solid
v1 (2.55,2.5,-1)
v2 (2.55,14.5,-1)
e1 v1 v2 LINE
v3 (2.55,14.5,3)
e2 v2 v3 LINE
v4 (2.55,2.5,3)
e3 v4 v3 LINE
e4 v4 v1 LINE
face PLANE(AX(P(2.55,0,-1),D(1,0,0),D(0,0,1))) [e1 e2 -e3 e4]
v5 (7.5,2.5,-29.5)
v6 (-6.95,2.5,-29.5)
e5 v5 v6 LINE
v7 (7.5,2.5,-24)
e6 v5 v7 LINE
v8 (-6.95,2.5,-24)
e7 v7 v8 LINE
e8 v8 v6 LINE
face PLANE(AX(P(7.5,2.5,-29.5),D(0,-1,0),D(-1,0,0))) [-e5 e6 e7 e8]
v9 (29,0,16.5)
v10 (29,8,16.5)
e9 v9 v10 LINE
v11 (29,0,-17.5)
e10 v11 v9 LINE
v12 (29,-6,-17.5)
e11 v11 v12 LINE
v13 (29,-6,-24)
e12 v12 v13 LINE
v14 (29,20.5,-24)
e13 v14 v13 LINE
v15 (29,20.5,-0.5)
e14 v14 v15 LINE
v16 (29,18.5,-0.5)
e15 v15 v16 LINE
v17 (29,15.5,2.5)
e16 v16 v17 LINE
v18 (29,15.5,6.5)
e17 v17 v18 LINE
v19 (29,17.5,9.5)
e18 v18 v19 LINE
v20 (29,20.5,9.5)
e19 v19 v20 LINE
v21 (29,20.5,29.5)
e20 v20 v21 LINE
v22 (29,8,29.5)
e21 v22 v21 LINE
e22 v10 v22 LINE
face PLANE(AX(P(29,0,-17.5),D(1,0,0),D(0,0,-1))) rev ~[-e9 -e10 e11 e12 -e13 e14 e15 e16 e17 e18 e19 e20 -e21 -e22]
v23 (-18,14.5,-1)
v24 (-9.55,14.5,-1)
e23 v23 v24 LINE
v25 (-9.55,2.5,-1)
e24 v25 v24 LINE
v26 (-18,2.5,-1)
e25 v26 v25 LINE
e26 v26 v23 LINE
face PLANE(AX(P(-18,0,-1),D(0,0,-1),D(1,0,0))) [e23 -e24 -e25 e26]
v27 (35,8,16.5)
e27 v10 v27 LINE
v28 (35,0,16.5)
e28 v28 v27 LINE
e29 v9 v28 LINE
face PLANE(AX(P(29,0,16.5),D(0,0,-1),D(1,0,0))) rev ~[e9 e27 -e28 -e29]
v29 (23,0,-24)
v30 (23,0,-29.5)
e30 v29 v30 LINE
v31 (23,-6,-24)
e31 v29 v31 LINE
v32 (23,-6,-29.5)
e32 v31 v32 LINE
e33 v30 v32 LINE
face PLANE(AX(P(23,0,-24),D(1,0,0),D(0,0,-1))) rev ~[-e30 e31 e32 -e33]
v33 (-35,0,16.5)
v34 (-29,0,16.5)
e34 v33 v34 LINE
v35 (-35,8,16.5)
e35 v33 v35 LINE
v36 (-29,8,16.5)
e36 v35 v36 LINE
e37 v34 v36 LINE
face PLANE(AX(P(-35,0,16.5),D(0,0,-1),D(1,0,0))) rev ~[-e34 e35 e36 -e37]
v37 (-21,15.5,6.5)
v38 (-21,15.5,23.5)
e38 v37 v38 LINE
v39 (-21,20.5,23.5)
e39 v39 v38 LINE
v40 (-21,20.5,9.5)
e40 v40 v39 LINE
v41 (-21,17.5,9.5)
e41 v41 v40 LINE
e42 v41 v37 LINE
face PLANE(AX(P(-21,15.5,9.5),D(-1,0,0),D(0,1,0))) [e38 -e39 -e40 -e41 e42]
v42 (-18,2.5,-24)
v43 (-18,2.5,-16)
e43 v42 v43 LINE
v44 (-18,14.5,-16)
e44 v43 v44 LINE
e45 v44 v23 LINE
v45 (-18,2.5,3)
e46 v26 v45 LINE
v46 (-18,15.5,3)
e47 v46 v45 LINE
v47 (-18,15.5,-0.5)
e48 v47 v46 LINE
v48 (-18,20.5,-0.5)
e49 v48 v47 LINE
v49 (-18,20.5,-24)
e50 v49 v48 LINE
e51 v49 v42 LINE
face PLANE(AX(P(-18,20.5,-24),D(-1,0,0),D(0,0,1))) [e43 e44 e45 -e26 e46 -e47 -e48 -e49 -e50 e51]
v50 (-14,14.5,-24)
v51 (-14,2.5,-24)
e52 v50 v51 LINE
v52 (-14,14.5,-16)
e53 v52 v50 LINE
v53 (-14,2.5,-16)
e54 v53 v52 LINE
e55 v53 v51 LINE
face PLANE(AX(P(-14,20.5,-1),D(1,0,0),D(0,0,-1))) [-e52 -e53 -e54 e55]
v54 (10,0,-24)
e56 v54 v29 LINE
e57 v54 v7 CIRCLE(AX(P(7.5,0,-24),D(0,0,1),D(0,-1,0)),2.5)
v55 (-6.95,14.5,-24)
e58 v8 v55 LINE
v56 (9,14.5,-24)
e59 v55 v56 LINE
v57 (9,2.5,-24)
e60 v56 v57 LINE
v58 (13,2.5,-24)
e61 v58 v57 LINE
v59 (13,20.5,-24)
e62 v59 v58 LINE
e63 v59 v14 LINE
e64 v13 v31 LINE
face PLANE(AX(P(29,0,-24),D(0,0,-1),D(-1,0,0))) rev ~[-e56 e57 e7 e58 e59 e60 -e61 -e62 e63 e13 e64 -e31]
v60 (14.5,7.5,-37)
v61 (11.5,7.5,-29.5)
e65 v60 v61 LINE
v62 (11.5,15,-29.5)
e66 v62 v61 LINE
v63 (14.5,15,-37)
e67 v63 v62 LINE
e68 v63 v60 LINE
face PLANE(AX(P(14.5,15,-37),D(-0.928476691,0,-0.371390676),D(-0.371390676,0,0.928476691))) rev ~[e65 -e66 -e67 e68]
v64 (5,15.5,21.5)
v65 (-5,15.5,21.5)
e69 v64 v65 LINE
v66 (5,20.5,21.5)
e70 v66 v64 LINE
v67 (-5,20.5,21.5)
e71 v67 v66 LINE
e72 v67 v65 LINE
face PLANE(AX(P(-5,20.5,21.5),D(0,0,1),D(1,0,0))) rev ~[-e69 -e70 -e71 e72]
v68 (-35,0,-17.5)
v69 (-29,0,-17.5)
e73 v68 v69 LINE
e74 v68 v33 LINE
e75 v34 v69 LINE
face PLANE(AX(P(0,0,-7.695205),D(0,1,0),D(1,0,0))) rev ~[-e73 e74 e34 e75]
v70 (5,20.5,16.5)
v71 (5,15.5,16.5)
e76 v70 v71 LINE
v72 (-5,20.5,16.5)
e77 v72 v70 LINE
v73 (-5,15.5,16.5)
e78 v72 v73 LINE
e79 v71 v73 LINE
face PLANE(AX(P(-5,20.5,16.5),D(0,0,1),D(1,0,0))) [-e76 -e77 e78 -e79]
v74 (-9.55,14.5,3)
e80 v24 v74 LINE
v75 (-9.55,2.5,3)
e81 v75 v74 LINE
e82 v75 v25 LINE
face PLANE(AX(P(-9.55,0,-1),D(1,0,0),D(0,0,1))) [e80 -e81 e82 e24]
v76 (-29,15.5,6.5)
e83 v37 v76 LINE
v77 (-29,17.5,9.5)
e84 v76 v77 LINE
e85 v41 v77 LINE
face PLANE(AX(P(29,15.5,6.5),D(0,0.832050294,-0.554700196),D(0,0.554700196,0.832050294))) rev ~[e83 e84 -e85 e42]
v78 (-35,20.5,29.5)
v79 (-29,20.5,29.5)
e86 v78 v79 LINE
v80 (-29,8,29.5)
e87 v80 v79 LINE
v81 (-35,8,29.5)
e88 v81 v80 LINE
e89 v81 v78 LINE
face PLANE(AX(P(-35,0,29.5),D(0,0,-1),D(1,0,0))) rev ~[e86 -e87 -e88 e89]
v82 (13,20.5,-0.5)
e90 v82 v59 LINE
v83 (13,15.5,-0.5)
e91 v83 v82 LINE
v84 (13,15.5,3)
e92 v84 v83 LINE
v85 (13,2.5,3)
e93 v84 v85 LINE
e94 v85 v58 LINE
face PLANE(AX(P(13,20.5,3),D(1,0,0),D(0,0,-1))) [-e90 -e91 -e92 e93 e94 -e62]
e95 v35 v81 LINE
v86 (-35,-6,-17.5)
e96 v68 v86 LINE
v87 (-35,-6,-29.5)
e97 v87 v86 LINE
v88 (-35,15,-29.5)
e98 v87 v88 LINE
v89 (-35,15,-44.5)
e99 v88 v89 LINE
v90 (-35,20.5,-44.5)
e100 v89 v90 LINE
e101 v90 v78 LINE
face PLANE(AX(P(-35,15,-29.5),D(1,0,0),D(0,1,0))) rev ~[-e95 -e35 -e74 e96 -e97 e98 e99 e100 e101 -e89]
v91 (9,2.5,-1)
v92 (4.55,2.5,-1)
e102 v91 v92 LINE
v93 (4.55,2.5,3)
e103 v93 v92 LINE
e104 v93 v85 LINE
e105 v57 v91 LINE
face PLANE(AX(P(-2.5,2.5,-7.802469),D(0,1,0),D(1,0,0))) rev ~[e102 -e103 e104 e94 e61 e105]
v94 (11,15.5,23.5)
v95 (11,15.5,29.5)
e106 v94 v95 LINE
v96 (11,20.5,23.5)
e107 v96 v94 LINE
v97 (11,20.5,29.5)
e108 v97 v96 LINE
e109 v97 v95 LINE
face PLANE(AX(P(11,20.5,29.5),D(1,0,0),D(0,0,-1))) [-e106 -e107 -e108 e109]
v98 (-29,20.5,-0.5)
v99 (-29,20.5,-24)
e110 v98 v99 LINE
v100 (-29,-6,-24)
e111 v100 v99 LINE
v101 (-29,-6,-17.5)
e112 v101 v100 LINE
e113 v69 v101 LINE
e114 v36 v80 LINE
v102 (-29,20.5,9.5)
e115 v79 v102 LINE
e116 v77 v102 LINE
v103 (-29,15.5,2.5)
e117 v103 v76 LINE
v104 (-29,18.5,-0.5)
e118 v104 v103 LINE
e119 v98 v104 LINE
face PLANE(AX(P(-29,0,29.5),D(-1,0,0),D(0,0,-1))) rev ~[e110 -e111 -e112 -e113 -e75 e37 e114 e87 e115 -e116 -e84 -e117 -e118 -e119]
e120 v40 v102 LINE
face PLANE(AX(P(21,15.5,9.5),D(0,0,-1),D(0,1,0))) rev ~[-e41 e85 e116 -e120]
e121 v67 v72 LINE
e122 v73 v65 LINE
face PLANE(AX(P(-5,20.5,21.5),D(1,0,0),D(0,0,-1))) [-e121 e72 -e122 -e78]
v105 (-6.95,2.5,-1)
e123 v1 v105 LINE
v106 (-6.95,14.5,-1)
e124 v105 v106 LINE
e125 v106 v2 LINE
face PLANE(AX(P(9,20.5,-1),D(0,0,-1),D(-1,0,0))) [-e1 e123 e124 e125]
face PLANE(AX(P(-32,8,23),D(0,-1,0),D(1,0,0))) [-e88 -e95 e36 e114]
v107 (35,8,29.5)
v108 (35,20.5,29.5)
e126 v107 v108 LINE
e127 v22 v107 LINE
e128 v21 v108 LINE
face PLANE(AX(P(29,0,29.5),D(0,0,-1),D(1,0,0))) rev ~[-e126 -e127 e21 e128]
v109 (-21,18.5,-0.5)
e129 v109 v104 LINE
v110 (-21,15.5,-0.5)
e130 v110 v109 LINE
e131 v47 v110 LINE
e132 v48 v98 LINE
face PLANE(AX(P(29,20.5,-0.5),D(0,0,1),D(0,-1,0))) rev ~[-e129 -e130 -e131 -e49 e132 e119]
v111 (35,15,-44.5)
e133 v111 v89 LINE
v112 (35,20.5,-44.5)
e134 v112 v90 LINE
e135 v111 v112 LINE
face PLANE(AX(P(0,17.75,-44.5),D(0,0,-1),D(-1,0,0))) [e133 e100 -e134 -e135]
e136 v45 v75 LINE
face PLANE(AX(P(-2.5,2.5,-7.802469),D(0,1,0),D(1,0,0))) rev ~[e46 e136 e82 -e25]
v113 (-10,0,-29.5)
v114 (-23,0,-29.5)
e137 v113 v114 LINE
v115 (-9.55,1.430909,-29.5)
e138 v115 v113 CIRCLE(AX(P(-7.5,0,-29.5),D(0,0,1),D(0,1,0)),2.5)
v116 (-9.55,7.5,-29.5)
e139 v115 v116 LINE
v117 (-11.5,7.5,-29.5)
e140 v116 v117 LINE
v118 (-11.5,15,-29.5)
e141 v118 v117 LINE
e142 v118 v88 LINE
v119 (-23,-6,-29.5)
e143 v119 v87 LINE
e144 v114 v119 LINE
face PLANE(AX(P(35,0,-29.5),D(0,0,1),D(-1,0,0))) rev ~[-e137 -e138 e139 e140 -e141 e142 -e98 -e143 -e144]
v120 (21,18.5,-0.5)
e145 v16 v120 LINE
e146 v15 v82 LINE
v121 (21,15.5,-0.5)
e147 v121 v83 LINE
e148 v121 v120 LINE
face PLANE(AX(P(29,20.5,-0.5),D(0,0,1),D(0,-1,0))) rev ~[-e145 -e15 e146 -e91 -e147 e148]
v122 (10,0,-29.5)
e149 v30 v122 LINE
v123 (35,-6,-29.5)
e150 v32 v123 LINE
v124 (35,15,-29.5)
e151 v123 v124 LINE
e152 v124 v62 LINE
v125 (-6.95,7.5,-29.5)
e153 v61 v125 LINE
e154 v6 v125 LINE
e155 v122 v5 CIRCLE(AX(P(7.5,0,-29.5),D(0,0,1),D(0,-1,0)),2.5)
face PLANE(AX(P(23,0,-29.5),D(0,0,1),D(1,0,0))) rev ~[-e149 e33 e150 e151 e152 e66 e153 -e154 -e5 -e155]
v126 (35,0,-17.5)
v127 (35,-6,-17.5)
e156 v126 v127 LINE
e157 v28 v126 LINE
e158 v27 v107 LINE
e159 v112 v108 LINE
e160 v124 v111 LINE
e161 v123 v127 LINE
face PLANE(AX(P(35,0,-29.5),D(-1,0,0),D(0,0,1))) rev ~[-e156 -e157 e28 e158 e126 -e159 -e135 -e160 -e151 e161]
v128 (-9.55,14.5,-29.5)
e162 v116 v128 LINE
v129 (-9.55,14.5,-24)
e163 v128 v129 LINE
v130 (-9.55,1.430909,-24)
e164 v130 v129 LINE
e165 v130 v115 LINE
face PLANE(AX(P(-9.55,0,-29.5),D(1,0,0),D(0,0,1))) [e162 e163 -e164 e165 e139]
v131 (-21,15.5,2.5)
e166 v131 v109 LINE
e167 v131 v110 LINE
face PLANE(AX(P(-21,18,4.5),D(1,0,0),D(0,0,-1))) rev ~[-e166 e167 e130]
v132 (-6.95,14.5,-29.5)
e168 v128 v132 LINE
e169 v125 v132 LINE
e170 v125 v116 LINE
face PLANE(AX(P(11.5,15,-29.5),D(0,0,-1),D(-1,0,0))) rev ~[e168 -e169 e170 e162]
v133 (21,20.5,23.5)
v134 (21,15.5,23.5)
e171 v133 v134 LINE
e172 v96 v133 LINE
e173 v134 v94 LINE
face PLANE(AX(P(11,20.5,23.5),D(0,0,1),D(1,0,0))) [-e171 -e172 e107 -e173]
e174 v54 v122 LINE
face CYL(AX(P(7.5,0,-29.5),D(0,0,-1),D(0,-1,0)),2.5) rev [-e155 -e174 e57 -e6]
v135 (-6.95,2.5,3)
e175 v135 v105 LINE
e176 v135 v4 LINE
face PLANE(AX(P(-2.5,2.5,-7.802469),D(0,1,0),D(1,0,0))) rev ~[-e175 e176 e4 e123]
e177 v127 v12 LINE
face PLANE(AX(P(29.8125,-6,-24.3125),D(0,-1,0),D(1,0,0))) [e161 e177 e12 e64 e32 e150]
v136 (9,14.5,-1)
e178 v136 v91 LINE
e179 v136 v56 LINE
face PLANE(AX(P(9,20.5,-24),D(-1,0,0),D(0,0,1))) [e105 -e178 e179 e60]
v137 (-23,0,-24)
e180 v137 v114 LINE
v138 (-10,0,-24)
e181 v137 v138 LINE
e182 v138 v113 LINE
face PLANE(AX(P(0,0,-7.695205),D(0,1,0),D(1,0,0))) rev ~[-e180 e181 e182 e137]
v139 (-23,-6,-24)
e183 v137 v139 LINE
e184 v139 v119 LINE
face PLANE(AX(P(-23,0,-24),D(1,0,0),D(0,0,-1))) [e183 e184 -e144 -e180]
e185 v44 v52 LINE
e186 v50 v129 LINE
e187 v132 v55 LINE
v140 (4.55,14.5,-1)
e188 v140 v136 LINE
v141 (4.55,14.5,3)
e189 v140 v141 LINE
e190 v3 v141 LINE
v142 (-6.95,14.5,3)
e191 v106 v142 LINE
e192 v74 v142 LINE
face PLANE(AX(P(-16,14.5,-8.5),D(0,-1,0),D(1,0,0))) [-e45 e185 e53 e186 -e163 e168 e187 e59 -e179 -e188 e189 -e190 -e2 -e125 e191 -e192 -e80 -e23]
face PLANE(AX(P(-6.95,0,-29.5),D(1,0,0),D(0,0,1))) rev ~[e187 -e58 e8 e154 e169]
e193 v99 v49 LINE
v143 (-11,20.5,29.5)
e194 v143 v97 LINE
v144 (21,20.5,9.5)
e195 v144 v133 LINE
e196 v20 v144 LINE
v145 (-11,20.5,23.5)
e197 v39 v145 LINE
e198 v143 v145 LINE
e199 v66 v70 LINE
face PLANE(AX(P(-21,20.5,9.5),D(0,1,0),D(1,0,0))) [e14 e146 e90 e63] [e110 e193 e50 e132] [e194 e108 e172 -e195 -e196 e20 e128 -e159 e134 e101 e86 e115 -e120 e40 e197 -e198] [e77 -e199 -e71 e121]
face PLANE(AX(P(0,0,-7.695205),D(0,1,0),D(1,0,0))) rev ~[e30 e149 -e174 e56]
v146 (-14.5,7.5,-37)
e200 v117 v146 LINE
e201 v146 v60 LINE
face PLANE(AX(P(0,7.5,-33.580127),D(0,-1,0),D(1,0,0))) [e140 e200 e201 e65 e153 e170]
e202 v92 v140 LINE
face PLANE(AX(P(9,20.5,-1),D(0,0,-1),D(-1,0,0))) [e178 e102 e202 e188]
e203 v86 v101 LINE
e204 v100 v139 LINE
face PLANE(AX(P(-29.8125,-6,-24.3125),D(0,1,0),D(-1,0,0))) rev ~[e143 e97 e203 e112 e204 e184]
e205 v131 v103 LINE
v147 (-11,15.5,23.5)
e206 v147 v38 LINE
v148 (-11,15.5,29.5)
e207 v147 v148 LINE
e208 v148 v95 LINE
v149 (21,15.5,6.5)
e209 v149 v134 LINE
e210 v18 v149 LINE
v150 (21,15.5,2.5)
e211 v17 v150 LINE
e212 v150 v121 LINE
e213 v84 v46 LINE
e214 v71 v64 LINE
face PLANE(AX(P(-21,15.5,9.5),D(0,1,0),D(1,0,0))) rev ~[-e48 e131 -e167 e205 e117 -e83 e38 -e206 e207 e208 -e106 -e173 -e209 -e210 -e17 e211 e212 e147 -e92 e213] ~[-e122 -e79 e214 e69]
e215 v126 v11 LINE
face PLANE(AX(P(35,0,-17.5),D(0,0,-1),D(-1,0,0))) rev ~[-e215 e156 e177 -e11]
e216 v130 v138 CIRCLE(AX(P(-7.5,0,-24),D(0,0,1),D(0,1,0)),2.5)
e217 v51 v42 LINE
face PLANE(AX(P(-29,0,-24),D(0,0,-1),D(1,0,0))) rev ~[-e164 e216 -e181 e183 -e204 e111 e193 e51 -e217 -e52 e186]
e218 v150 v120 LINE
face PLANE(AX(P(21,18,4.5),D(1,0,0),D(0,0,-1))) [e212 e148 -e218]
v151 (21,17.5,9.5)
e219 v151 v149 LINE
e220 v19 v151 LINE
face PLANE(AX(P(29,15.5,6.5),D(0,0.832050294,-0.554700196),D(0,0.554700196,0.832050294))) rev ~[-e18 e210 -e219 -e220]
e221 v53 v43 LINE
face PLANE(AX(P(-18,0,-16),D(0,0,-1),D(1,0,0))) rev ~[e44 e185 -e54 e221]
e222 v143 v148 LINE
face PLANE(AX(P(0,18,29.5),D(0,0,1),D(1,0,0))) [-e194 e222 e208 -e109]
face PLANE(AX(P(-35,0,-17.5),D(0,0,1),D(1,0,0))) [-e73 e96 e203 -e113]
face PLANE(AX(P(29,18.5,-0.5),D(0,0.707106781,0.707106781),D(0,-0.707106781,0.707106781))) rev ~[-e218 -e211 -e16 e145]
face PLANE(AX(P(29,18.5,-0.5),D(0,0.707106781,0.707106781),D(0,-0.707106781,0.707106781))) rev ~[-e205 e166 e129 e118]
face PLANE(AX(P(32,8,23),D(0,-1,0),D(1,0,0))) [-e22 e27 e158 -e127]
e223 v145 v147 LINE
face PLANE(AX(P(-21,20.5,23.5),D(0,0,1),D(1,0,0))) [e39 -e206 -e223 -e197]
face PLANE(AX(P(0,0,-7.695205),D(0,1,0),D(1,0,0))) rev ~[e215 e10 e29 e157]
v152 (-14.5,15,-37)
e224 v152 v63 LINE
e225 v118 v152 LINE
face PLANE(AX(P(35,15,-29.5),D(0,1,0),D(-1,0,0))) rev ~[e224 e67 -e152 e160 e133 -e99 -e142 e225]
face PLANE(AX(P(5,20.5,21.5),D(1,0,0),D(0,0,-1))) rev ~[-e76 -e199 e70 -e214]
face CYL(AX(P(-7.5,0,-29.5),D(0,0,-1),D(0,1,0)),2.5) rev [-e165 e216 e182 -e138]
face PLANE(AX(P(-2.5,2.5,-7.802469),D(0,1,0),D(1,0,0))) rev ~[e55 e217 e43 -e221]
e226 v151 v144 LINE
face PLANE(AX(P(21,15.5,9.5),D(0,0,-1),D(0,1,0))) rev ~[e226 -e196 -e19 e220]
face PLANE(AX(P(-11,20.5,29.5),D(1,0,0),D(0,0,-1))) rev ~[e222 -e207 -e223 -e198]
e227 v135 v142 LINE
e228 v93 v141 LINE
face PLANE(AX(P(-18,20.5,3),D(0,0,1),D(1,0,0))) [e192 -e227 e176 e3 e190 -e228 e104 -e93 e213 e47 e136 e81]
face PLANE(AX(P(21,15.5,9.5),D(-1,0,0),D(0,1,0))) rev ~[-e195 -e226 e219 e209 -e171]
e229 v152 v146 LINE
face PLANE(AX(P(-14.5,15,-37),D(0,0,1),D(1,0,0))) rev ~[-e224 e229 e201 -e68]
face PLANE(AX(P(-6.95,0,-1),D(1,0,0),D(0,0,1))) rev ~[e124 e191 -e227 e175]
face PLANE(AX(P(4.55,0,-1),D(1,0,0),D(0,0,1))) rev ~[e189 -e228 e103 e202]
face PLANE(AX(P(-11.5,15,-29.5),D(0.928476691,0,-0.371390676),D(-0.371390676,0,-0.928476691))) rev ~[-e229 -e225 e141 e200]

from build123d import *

# Parameters (mm, degrees)
BOSS_EXTRUDE1_DEPTH  = 20.5
SKETCH2_W            = 6
SKETCH2_H            = 13
CUT_EXTRUDE1_DEPTH   = 8
SKETCH3_W            = 23
SKETCH3_H            = 23
BOSS_EXTRUDE2_DEPTH  = 6
BOSS_EXTRUDE4_DEPTH  = 18
SKETCH5_W            = 2.6
SKETCH5_H            = 5.5
SKETCH5_H_2          = 4
SKETCH5_W_2          = 4
SKETCH5_H_3          = 15
SKETCH5_W_3          = 2
CUT_EXTRUDE2_DEPTH   = 14.5
SKETCH9_W            = 70
SKETCH9_H            = 5.5
BOSS_EXTRUDE6_DEPTH  = 15
BOSS_EXTRUDE7_DEPTH  = 7.5
CUT_EXTRUDE3_DEPTH   = 5.5
BOSS_EXTRUDE8_DEPTH  = 6
BOSS_EXTRUDE10_START = -6
BOSS_EXTRUDE10_DEPTH = 58
BOSS_EXTRUDE11_START = -14
SKETCH15_W           = 10
SKETCH15_H           = 5
BOSS_EXTRUDE11_DEPTH = 42
SKETCH16_W           = 42
SKETCH16_H           = 5
BOSS_EXTRUDE12_DEPTH = 20
CUT_EXTRUDE4_REACH   = 28.5
SKETCH17_W           = 10
SKETCH17_H           = 6
SKETCH17_H_2         = 5


with BuildPart() as part:
    # Sketch1 → Boss-Extrude1 (new body)
    with BuildSketch(Plane(origin=(0, 0, 0), x_dir=(1, 0, 0), z_dir=(0, 1, 0))):
        Polygon((29, -29.5), (35, -29.5), (35, 29.5), (-35, 29.5), (-35, -29.5), (-29, -29.5), (-29, 24), (29, 24), align=None)
    extrude(amount=BOSS_EXTRUDE1_DEPTH)

    # Sketch2 → Cut-Extrude1 (cut)
    with BuildSketch(Plane.XZ):
        with Locations((32, 23)):
            Rectangle(SKETCH2_W, SKETCH2_H)
        with Locations((-32, 23)):
            Rectangle(SKETCH2_W, SKETCH2_H)
    extrude(amount=-CUT_EXTRUDE1_DEPTH, mode=Mode.SUBTRACT)



with BuildPart() as body_2:
    # Sketch3 → Boss-Extrude2 (new body)
    with BuildSketch(Plane(origin=(0, 20.5, 0), x_dir=(1, 0, 0), z_dir=(0, 1, 0))):
        with Locations((-2.5, 12.5)):
            Rectangle(SKETCH3_W, SKETCH3_H)
    extrude(amount=-BOSS_EXTRUDE2_DEPTH)


with BuildPart() as part_1:
    add(part.part)

    add(body_2.part)  # Boss-Extrude4 merges body 2
    # Sketch4 → Boss-Extrude4 (add)
    with BuildSketch(Plane(origin=(0, 20.5, 0), x_dir=(1, 0, 0), z_dir=(0, 1, 0))):
        Polygon((-14, 24), (-18, 24), (-18, -3), (13, -3), (13, 24), (9, 24), (9, 1), (-14, 1), align=None)
    extrude(amount=-BOSS_EXTRUDE4_DEPTH)

    # Sketch5 → Cut-Extrude2 (cut)
    with BuildSketch(Plane.XZ):
        with Locations((-8.25, -26.75)):
            Rectangle(SKETCH5_W, SKETCH5_H)
        with Locations((-8.25, 1)):
            Rectangle(SKETCH5_W, SKETCH5_H_2)
        with Locations((-16, -8.5)):
            Rectangle(SKETCH5_W_2, SKETCH5_H_3)
        with Locations((3.55, 1)):
            Rectangle(SKETCH5_W_3, SKETCH5_H_2)
    extrude(amount=-CUT_EXTRUDE2_DEPTH, mode=Mode.SUBTRACT)

    # Sketch9 → Boss-Extrude6 (add)
    with BuildSketch(Plane(origin=(0, 0, -29.5), x_dir=(-1, 0, 0), z_dir=(0, 0, -1))):
        with Locations((0, 17.75)):
            Rectangle(SKETCH9_W, SKETCH9_H)
    extrude(amount=BOSS_EXTRUDE6_DEPTH)

    # Sketch10 → Boss-Extrude7 (add)
    with BuildSketch(Plane.XZ.offset(-15)):
        Polygon((11.5, -29.5), (-11.5, -29.5), (-14.5, -37), (14.5, -37), align=None)
    extrude(amount=BOSS_EXTRUDE7_DEPTH)

    # Sketch11 → Cut-Extrude3 (cut)
    with BuildSketch(Plane(origin=(0, 0, -29.5), x_dir=(-1, 0, 0), z_dir=(0, 0, -1))):
        with BuildLine():
            Line((-7.5, 2.5), (7.5, 2.5))
            ThreePointArc((7.5, 2.5), (10, 0), (7.5, -2.5))
            Line((7.5, -2.5), (-7.5, -2.5))
            ThreePointArc((-7.5, -2.5), (-10, 0), (-7.5, 2.5))
        make_face()
    extrude(amount=-CUT_EXTRUDE3_DEPTH, mode=Mode.SUBTRACT)

    # Sketch12 → Boss-Extrude8 (add)
    with BuildSketch(Plane.XZ):
        Polygon((35, -17.5), (29, -17.5), (29, -24), (23, -24), (23, -29.5), (35, -29.5), align=None)
        Polygon((-23, -24), (-23, -29.5), (-35, -29.5), (-35, -17.5), (-29, -17.5), (-29, -24), align=None)
    extrude(amount=BOSS_EXTRUDE8_DEPTH)

    # Sketch14 → Boss-Extrude10 (add)
    with BuildSketch(Plane(origin=(35, 0, 0), x_dir=(0, 0, -1), z_dir=(1, 0, 0)).offset(BOSS_EXTRUDE10_START)):
        Polygon((-9.5, 20.5), (0.5, 20.5), (0.5, 18.5), (-2.5, 15.5), (-6.5, 15.5), (-9.5, 17.5), align=None)
    extrude(amount=-BOSS_EXTRUDE10_DEPTH)

    # Sketch15 → Boss-Extrude11 (add)
    with BuildSketch(Plane(origin=(35, 0, 0), x_dir=(0, 0, -1), z_dir=(1, 0, 0)).offset(BOSS_EXTRUDE11_START)):
        with Locations((-4.5, 18)):
            Rectangle(SKETCH15_W, SKETCH15_H)
    extrude(amount=-BOSS_EXTRUDE11_DEPTH)

    # Sketch16 → Boss-Extrude12 (add)
    with BuildSketch(Plane.XY.offset(9.5)):
        with Locations((0, 18)):
            Rectangle(SKETCH16_W, SKETCH16_H)
    extrude(amount=BOSS_EXTRUDE12_DEPTH)

    # Sketch17 → Cut-Extrude4 (cut, up to next)
    with BuildSketch(Plane(origin=(0, 20.5, 0), x_dir=(1, 0, 0), z_dir=(0, 1, 0)), mode=Mode.PRIVATE) as cut_extrude4_sk1:
        with Locations((-16, -26.5)):
            Rectangle(SKETCH17_W, SKETCH17_H)
    cut_extrude4_tool1 = extrude(cut_extrude4_sk1.sketch, amount=-CUT_EXTRUDE4_REACH, mode=Mode.PRIVATE) & part_1.part
    add(cut_extrude4_tool1.solids().sort_by_distance((-16, 20.5, 26.5))[0], mode=Mode.SUBTRACT)
    # Sketch17 → Cut-Extrude4 (cut, up to next)
    with BuildSketch(Plane(origin=(0, 20.5, 0), x_dir=(1, 0, 0), z_dir=(0, 1, 0)), mode=Mode.PRIVATE) as cut_extrude4_sk2:
        with Locations((16, -26.5)):
            Rectangle(SKETCH17_W, SKETCH17_H)
    cut_extrude4_tool2 = extrude(cut_extrude4_sk2.sketch, amount=-CUT_EXTRUDE4_REACH, mode=Mode.PRIVATE) & part_1.part
    add(cut_extrude4_tool2.solids().sort_by_distance((16, 20.5, 26.5))[0], mode=Mode.SUBTRACT)
    # Sketch17 → Cut-Extrude4 (cut, up to next)
    with BuildSketch(Plane(origin=(0, 20.5, 0), x_dir=(1, 0, 0), z_dir=(0, 1, 0)), mode=Mode.PRIVATE) as cut_extrude4_sk3:
        with Locations((0, -19)):
            Rectangle(SKETCH17_W, SKETCH17_H_2)
    cut_extrude4_tool3 = extrude(cut_extrude4_sk3.sketch, amount=-CUT_EXTRUDE4_REACH, mode=Mode.PRIVATE) & part_1.part
    add(cut_extrude4_tool3.solids().sort_by_distance((0, 20.5, 19))[0], mode=Mode.SUBTRACT)


solid = part_1.part
